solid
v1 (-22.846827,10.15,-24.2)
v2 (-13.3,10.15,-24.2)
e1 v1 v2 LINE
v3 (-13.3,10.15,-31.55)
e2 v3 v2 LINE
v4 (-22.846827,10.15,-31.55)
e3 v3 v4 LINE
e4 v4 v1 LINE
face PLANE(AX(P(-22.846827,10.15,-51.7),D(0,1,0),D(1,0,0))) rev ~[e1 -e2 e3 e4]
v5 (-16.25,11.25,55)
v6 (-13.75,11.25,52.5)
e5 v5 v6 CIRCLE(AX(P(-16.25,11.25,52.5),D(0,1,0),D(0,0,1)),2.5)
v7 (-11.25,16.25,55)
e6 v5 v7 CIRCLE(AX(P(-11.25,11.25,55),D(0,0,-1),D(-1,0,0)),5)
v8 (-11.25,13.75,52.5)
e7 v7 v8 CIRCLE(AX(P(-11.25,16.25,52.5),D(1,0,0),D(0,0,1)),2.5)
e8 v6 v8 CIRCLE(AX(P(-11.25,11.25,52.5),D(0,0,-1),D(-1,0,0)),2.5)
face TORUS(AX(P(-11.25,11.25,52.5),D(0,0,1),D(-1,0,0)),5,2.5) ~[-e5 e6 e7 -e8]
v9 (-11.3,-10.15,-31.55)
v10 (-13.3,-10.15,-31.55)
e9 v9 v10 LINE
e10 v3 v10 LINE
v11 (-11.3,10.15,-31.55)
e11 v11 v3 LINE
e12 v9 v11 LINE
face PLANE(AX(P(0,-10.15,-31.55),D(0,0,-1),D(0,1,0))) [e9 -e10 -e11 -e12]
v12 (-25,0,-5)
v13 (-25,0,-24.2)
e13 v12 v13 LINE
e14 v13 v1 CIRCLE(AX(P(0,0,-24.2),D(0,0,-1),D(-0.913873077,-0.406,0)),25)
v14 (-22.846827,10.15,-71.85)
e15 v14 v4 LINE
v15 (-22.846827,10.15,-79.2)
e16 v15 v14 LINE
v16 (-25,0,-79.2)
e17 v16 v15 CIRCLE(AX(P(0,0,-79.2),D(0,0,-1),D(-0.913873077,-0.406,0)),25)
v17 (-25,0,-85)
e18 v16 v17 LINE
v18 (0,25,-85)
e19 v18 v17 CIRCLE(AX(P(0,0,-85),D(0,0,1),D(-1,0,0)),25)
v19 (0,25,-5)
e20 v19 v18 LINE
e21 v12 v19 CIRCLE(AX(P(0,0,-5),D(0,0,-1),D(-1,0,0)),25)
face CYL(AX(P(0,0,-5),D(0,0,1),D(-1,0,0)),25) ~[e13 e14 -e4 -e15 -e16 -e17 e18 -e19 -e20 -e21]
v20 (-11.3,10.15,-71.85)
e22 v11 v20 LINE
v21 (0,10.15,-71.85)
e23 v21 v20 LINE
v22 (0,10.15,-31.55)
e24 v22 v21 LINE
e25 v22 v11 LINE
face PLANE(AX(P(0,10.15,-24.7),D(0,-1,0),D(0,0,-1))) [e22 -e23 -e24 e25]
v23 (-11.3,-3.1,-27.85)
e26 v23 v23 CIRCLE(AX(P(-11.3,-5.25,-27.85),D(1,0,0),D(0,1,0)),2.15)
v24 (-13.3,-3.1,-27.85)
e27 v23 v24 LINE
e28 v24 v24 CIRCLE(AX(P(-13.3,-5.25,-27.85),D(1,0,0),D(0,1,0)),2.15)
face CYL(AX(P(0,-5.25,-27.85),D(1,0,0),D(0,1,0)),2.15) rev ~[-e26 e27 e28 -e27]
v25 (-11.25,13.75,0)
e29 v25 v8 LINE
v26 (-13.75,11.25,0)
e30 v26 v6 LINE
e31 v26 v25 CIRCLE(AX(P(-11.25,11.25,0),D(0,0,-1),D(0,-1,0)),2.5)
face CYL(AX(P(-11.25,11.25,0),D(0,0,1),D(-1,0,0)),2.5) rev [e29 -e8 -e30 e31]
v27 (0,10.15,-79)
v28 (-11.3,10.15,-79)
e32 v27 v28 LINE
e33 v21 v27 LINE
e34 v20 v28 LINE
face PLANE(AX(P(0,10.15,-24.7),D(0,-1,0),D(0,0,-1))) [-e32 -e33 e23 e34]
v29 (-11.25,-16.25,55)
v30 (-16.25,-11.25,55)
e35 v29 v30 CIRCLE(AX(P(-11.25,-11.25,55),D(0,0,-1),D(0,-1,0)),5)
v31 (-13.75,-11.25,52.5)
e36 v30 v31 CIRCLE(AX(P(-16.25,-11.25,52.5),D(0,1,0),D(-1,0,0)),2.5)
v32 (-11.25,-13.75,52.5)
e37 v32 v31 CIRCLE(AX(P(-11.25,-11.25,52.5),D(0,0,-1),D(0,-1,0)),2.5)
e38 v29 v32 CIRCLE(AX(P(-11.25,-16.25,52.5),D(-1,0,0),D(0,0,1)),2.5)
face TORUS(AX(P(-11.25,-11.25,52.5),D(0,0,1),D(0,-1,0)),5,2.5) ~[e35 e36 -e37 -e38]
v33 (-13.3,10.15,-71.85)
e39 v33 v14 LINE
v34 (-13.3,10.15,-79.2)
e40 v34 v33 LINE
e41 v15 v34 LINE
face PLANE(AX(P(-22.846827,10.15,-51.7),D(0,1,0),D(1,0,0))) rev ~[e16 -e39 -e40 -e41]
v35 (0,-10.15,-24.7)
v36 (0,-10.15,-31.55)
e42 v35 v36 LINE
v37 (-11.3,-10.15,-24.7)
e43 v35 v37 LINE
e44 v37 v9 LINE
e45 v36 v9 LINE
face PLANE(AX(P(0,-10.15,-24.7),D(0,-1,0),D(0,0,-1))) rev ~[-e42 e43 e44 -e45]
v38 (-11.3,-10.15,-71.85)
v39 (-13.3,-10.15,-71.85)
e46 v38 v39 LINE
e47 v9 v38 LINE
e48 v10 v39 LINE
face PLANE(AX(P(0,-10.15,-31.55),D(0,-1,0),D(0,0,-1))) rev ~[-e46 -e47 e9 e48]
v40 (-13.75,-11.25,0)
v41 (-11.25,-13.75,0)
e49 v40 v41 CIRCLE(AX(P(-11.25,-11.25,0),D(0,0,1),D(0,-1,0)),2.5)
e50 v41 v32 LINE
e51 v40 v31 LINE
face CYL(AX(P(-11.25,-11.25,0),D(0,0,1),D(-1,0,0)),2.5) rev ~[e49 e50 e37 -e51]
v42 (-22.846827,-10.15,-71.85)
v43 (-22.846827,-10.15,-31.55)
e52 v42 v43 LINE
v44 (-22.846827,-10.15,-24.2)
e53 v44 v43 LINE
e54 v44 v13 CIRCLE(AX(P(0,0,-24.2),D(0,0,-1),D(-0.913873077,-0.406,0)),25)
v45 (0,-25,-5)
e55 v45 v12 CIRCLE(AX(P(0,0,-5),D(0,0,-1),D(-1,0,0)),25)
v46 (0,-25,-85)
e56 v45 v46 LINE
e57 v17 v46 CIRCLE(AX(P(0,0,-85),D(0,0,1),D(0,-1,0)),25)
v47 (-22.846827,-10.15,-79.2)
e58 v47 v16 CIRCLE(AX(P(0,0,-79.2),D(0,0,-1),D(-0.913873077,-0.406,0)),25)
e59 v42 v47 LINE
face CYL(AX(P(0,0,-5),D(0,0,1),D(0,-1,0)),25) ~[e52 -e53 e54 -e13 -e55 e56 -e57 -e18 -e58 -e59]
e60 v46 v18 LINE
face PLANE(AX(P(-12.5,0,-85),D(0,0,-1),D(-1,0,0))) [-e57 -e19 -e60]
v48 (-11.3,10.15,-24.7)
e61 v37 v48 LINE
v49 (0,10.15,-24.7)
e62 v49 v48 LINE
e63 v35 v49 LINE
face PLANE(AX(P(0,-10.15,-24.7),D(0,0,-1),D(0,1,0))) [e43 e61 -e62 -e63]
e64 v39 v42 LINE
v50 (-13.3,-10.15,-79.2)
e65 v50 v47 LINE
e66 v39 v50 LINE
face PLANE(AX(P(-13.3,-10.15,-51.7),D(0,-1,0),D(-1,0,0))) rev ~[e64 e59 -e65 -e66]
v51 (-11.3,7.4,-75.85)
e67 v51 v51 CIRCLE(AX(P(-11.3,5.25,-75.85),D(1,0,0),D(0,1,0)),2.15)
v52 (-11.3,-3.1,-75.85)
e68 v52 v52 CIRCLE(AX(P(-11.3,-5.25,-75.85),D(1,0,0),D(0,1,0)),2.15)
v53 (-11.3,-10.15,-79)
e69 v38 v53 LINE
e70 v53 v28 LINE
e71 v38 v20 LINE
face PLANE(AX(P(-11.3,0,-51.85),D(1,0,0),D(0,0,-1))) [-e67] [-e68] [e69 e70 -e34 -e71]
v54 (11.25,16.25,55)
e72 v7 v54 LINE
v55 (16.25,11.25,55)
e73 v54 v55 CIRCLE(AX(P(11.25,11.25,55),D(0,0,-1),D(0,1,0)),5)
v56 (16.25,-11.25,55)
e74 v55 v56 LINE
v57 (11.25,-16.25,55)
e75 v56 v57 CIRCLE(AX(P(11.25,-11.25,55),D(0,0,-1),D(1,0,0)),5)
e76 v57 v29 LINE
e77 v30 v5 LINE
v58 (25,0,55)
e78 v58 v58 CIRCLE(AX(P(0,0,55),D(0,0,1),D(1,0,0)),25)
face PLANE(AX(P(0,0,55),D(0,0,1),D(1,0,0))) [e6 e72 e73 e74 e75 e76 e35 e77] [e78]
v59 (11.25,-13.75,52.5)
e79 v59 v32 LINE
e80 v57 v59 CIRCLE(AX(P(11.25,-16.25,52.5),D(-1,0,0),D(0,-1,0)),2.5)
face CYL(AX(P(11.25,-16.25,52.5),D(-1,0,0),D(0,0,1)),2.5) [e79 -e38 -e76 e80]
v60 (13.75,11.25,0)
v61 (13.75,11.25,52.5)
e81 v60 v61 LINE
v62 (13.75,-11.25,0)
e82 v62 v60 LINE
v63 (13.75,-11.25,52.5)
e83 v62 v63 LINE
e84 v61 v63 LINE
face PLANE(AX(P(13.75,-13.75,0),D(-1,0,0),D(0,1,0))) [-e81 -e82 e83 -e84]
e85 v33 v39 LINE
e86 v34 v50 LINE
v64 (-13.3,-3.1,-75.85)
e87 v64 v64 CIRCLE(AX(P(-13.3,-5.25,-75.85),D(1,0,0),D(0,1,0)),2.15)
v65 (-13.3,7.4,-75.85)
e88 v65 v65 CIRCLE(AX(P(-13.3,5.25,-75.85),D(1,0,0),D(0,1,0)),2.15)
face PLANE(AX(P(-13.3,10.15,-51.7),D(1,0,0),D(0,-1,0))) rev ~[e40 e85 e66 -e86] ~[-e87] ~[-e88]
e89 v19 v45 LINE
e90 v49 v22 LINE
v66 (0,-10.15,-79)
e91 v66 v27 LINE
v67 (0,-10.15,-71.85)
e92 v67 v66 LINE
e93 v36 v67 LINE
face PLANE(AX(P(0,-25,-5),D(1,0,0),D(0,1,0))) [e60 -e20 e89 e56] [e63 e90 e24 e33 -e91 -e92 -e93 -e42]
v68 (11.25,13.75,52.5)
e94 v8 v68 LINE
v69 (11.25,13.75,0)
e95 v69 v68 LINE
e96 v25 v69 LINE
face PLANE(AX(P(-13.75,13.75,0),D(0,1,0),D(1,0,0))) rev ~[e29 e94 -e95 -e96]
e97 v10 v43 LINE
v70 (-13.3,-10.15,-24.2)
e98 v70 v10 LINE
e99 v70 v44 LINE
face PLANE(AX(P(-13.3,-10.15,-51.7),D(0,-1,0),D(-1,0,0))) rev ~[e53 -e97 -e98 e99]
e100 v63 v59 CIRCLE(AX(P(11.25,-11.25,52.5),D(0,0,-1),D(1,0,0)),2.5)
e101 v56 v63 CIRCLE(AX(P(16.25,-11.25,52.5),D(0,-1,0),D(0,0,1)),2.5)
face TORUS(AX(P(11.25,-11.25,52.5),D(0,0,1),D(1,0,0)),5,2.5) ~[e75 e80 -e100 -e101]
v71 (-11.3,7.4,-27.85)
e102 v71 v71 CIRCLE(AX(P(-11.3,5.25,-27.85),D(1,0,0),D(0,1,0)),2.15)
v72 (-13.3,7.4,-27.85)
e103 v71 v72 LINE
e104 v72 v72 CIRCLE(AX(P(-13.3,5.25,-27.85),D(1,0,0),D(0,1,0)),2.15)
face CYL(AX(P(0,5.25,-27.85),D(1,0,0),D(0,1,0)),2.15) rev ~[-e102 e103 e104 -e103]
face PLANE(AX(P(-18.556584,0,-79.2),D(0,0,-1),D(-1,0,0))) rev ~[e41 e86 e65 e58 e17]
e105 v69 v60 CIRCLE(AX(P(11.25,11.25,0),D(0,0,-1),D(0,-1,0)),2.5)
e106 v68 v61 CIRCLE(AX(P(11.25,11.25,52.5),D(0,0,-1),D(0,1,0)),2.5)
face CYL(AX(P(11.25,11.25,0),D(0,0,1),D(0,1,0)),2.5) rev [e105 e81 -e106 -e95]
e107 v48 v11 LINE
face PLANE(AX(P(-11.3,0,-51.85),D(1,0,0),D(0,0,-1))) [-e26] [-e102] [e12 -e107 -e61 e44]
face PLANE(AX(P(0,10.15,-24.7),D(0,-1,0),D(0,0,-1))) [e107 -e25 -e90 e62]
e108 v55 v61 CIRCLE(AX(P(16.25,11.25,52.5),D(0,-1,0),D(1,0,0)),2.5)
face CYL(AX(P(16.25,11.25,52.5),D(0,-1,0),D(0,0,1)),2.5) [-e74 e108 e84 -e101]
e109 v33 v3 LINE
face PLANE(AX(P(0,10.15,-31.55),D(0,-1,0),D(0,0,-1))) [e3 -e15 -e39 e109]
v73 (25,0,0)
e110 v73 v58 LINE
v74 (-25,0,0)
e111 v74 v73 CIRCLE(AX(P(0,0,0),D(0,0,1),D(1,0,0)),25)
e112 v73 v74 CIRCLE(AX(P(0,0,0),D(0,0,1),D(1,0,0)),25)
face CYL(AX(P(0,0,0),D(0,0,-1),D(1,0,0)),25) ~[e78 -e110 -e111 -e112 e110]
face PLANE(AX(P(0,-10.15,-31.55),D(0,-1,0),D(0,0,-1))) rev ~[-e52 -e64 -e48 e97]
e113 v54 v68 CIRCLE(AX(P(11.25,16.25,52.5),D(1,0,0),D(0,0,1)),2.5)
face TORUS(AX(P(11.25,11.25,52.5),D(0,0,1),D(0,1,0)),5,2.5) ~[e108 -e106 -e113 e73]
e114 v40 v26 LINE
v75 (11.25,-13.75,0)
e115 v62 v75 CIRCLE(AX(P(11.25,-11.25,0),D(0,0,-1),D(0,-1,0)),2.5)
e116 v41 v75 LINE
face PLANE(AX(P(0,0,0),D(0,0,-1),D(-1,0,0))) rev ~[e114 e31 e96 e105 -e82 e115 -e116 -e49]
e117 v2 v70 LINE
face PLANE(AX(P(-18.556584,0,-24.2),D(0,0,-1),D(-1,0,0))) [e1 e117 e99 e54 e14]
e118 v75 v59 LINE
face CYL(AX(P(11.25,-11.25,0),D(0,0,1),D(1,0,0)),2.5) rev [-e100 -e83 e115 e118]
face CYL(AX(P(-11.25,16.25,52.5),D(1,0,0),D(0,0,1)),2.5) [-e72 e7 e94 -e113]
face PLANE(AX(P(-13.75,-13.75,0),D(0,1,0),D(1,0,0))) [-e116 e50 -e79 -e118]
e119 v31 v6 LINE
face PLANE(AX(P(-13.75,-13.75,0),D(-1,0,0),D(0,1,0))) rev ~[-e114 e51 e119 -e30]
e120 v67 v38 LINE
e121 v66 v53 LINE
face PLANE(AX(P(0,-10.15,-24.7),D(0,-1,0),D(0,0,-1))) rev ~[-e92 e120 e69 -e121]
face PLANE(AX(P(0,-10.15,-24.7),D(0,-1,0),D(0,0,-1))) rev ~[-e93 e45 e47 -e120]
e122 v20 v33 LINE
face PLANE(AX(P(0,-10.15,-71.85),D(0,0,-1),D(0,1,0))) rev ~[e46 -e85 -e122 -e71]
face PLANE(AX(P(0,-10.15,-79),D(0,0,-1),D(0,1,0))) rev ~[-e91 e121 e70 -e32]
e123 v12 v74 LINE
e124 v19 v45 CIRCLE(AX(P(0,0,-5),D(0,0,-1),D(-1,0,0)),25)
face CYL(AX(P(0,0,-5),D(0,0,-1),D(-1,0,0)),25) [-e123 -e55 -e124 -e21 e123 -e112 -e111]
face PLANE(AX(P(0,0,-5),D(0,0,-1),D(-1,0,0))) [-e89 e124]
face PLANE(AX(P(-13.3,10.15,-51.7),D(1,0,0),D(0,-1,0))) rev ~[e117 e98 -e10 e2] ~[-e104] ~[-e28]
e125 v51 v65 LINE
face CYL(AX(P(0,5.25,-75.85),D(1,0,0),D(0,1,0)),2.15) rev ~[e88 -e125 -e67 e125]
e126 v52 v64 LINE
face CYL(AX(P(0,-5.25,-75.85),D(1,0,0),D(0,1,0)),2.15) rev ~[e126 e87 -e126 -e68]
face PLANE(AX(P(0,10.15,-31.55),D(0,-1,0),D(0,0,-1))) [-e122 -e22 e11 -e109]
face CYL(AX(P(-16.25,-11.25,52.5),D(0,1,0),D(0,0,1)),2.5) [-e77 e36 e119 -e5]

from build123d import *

# Parameters (mm, degrees)
SKETCH1_R           = 25
SKETCH1_W           = 27.5
SKETCH1_H           = 27.5
BOSS_EXTRUDE1_DEPTH = 55
BOSS_EXTRUDE2_START = 5
SKETCH2_R           = 25
BOSS_EXTRUDE2_DEPTH = 5
SKETCH3_W           = 25
SKETCH3_H           = 50
BOSS_EXTRUDE3_DEPTH = 80
FILLET1_R           = 2.5
FILLET2_R           = 2.5
SKETCH21_W          = 54.3
SKETCH21_H          = 20.3
CUT_EXTRUDE1_DEPTH  = 11.3
SKETCH22_W          = 40.3
SKETCH22_H          = 20.3
CUT_EXTRUDE2_DEPTH  = 93.059763198
CUT_EXTRUDE3_DEPTH  = 88.464278423
SKETCH23_R          = 2.15
CUT_EXTRUDE4_DEPTH  = 93.059763198
CUT_EXTRUDE7_DEPTH  = 27.5


with BuildPart() as part:
    # Sketch1 → Boss-Extrude1 (new body)
    with BuildSketch(Plane.XY):
        Circle(SKETCH1_R)
        Rectangle(SKETCH1_W, SKETCH1_H, mode=Mode.SUBTRACT)
    extrude(amount=BOSS_EXTRUDE1_DEPTH)

    # Sketch2 → Boss-Extrude2 (add)
    with BuildSketch(Plane(origin=(0, 0, 0), x_dir=(-1, 0, 0), z_dir=(0, 0, -1)).offset(BOSS_EXTRUDE2_START)):
        Circle(SKETCH2_R)
    extrude(amount=-BOSS_EXTRUDE2_DEPTH)

    # Sketch3 → Boss-Extrude3 (add)
    with BuildSketch(Plane(origin=(0, 0, -5), x_dir=(-1, 0, 0), z_dir=(0, 0, -1))):
        with Locations((12.5, 0)):
            Rectangle(SKETCH3_W, SKETCH3_H)
    extrude(amount=BOSS_EXTRUDE3_DEPTH)

    # Fillet1
    fillet1_edges = [part.edges().sort_by_distance(p)[0] for p in [
        (-13.75, 13.75, 27.5),
        (13.75, 13.75, 27.5),
        (-13.75, -13.75, 27.5),
        (13.75, -13.75, 27.5),
    ]]
    fillet(fillet1_edges, radius=FILLET1_R)

    # Fillet2
    fillet2_edges = [part.edges().sort_by_distance(p)[0] for p in [
        (13.75, 0, 55),
    ]]
    fillet(fillet2_edges, radius=FILLET2_R)

    # Sketch21 → Cut-Extrude1 (cut)
    with BuildSketch(Plane(origin=(0, 0, 0), x_dir=(0, 0, -1), z_dir=(1, 0, 0))):
        with Locations((51.85, 0)):
            Rectangle(SKETCH21_W, SKETCH21_H)
    extrude(amount=-CUT_EXTRUDE1_DEPTH, mode=Mode.SUBTRACT)

    # Sketch22 → Cut-Extrude2 (cut, through all)
    with BuildSketch(Plane(origin=(0, 0, 0), x_dir=(0, 0, -1), z_dir=(1, 0, 0))):
        with Locations((51.7, 0)):
            Rectangle(SKETCH22_W, SKETCH22_H)
    extrude(amount=-CUT_EXTRUDE2_DEPTH, mode=Mode.SUBTRACT)

    # Sketch18 → Cut-Extrude3 (cut, through all)
    with BuildSketch(Plane.XY.offset(-5)):
        with BuildLine():
            Line((-25, -25), (0, -25))
            ThreePointArc((0, -25), (-17.67766953, -17.67766953), (-25, 0))
            Line((-25, 0), (-25, -25))
        make_face()
        with BuildLine():
            Line((-25, 25), (-25, 0))
            ThreePointArc((-25, 0), (-17.67766953, 17.67766953), (0, 25))
            Line((0, 25), (-25, 25))
        make_face()
    extrude(amount=-CUT_EXTRUDE3_DEPTH, mode=Mode.SUBTRACT)

    # Sketch23 → Cut-Extrude4 (cut, through all)
    with BuildSketch(Plane(origin=(0, 0, 0), x_dir=(0, 0, -1), z_dir=(1, 0, 0))):
        with Locations((75.85, 5.25)):
            Circle(SKETCH23_R)
        with Locations((75.85, -5.25)):
            Circle(SKETCH23_R)
        with Locations((27.85, 5.25)):
            Circle(SKETCH23_R)
        with Locations((27.85, -5.25)):
            Circle(SKETCH23_R)
    extrude(amount=-CUT_EXTRUDE4_DEPTH, mode=Mode.SUBTRACT)

    # Sketch24 → Cut-Extrude7 (cut, symmetric)
    with BuildSketch(Plane(origin=(0, 0, -51.7), x_dir=(-1, 0, 0), z_dir=(0, 0, -1))):
        with BuildLine():
            Line((13.3, 10.15), (13.3, -10.15))
            Line((13.3, -10.15), (22.846826913, -10.15))
            ThreePointArc((22.846826913, -10.15), (25, 0), (22.846826913, 10.15))
            Line((22.846826913, 10.15), (13.3, 10.15))
        make_face()
    extrude(amount=CUT_EXTRUDE7_DEPTH, both=True, mode=Mode.SUBTRACT)


solid = part.part
